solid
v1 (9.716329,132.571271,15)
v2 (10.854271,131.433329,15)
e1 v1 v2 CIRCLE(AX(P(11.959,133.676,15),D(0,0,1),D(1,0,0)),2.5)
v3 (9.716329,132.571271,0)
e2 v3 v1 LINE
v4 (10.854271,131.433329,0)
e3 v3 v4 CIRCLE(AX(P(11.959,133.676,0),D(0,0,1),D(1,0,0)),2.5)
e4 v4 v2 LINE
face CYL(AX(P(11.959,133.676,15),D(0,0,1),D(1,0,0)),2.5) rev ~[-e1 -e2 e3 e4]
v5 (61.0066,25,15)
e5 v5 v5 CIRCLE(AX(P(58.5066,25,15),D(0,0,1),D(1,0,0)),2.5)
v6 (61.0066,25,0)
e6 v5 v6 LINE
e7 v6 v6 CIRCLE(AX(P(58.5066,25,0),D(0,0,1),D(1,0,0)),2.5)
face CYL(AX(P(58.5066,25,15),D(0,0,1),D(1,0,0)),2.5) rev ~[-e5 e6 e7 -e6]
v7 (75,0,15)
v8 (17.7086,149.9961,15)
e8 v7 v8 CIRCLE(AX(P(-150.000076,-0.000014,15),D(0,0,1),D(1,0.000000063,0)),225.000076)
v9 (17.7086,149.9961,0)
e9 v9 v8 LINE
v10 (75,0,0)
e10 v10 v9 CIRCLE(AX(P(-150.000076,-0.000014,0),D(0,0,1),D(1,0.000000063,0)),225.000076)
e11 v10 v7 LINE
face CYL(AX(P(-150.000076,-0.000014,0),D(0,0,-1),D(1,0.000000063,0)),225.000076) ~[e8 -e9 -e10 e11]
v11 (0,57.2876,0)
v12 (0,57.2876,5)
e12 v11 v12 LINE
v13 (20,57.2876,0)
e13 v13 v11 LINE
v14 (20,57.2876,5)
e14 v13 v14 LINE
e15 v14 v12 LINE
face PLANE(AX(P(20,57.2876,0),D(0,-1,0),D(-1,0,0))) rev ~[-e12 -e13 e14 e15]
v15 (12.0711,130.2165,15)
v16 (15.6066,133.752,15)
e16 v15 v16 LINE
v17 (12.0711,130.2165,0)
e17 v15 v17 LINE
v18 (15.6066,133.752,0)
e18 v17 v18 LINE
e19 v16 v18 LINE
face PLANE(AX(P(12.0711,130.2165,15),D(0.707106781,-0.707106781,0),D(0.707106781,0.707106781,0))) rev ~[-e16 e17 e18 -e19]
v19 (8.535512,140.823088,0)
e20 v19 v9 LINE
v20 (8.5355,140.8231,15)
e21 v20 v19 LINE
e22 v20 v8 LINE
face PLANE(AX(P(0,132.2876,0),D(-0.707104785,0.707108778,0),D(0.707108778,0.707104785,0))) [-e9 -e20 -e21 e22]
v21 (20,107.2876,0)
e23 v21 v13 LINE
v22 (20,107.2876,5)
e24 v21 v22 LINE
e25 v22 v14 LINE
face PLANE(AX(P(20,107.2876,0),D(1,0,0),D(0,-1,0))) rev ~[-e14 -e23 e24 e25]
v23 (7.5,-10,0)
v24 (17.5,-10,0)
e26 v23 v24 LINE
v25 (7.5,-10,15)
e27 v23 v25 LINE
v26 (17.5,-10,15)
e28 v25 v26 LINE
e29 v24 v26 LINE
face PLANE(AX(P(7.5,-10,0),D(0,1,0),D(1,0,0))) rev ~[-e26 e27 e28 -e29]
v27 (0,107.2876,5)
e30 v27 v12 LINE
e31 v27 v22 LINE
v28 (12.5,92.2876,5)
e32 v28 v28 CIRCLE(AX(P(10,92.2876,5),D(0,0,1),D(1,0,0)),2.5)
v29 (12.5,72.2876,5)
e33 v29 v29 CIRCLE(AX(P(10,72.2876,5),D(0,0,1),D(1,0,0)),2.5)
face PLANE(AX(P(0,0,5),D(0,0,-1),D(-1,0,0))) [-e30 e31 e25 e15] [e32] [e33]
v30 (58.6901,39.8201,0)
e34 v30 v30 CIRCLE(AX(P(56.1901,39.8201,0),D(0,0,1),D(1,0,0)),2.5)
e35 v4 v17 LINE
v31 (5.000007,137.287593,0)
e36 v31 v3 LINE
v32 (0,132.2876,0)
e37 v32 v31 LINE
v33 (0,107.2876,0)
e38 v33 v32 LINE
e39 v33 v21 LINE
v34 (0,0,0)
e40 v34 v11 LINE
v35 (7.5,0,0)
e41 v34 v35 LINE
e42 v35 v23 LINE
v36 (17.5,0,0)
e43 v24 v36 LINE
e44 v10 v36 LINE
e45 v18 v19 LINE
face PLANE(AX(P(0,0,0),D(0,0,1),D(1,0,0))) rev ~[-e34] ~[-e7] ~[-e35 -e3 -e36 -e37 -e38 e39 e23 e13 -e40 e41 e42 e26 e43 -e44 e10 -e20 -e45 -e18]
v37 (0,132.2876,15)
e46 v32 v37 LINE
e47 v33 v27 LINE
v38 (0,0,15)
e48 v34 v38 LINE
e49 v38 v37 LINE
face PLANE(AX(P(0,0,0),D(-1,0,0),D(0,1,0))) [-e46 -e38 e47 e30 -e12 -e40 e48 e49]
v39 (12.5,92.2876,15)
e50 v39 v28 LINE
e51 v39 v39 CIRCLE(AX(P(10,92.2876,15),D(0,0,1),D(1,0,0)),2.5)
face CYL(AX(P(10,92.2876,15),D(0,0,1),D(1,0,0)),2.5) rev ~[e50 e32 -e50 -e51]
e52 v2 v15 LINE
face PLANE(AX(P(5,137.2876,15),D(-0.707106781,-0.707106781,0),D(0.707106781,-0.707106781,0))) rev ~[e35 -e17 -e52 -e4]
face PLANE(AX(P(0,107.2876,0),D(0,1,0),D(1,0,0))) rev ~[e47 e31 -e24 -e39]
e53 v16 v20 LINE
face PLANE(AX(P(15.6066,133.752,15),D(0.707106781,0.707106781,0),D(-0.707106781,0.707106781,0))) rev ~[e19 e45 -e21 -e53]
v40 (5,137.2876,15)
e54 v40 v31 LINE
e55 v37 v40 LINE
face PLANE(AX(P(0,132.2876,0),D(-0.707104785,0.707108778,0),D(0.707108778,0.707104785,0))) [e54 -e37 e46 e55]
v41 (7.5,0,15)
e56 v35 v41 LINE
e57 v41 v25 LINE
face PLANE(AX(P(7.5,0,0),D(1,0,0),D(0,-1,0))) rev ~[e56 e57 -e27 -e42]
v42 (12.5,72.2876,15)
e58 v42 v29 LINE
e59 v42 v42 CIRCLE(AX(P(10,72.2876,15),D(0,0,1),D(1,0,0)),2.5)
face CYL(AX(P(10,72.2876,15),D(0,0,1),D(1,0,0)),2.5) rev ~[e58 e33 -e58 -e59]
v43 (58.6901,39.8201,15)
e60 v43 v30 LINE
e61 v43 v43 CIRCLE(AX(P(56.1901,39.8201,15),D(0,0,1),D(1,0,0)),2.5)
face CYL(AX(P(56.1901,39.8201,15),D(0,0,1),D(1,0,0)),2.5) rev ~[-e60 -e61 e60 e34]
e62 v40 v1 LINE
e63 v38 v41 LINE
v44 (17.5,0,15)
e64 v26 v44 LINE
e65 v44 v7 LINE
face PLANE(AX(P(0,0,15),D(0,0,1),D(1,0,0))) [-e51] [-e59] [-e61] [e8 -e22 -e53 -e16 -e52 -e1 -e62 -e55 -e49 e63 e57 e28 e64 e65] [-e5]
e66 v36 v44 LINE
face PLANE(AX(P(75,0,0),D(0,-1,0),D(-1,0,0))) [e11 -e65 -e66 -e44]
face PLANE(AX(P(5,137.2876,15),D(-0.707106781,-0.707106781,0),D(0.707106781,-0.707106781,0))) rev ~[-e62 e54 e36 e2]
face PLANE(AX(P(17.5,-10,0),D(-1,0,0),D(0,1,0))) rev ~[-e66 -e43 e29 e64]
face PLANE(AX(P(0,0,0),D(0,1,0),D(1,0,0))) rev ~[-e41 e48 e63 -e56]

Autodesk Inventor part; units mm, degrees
ref_plane "YZ Plane" through (0, 0, 0) normal (1, 0, 0) x (0, 1, 0)
ref_plane "XZ Plane" through (0, 0, 0) normal (0, 1, 0) x (-1, 0, 0)
ref_plane "XY Plane" through (0, 0, 0) normal (0, 0, 1) x (1, 0, 0)
sketch "Sketch1" plane through (0, 0, 0) normal (0, 0, 1) x (1, 0, 0)
  circle A0 centre (-150, 0) radius 225 construction
  line L0 (0, 0) -> (0, 132.2876)
  line L1 (0, 132.2876) -> (17.7086, 149.9961)
  line L2 (0, 132.2876) -> (25.0437, 132.2876) construction
  arc A1 (75, 0) -> (17.7086, 149.9961) centre (-150, 0) ccw
  line L3 (75, 0) -> (25, 0)
  line L4 (25, 0) -> (17.5, 0)
  line L5 (0, 0) -> (7.5, 0)
  line L6 (7.5, 0) -> (7.5, -10)
  line L7 (7.5, -10) -> (17.5, -10)
  line L8 (17.5, -10) -> (17.5, 0)
  circle A2 centre (-150, 0) radius 200 construction
  dimension "d0" = 75
  dimension "d1" = 450
  dimension "d3" = 45
  dimension "d37" = 50
  dimension "d38" = 7.5
  dimension "d39" = 7.5
  dimension "d40" = 10
  dimension "d41" = 25
extrude "Extrusion1" add sketch "Sketch1" along normal blind 15
sketch "Sketch2" plane through (0, 0, 15) normal (0, 0, 1) x (1, 0, 0)
  circle A0 centre (58.5066, 25) radius 2.5
  circle A1 centre (56.1901, 39.8201) radius 2.5
  line L0 (0, 132.2876) -> (0, 0) projected
  line L1 (0, 0) -> (7.5, 0) projected
  line L2 (7.5, 0) -> (7.5, -10) projected
  line L3 (7.5, -10) -> (17.5, -10) projected
  line L4 (17.5, -10) -> (17.5, 0) projected
  line L5 (17.5, 0) -> (75, 0) projected
  arc A2 (75, 0) -> (17.7086, 149.9961) centre (-150, 0) ccw projected
  line L6 (17.7086, 149.9961) -> (0, 132.2876) projected
  arc A3 (59.4636, 15) -> (16.6742, 127.7486) centre (-150, 0) ccw construction
  line L7 (59.4636, 15) -> (17.5, 15) construction
  line L8 (17.5, 15) -> (15, 15) construction
  line L9 (15, 15) -> (15, 126.0744) construction
  line L10 (15, 126.0744) -> (16.6742, 127.7486) construction
  circle A4 centre (11.959, 133.676) radius 2.5
  circle A5 centre (-150, 0) radius 225 construction
  circle A6 centre (-150, 0) radius 210 construction
  dimension "d6" = 5
  dimension "d7" = 5
  dimension "d8" = 15
  dimension "d10" = 25
  dimension "d42" = 15
  dimension "d43" = 5
  dimension "d45" = 450
  dimension "d46" = 15
  dimension "d49" = 7.4745
extrude "Extrusion2" cut sketch "Sketch2" against normal through all contours A0 | A1 | A4
sketch "Sketch5" plane through (0, 0, 15) normal (0, 0, 1) x (1, 0, 0)
  line L0 (5, 137.2876) -> (12.0711, 130.2165)
  line L1 (5, 137.2876) -> (15, 137.2876) construction
  line L2 (12.0711, 130.2165) -> (15.6066, 133.752)
  line L3 (15.6066, 133.752) -> (8.5355, 140.8231)
  line L4 (8.5355, 140.8231) -> (5, 137.2876)
  line L5 (17.7086, 149.9961) -> (0, 132.2876) projected
  point P0 (0, 0)
  dimension "d29" = 10
  dimension "d30" = 45
  dimension "d31" = 5
  dimension "d32" = 10
  dimension "d33" = 90
  dimension "d34" = 5
extrude "Extrusion3" cut sketch "Sketch5" against normal through all
thread "Thread1" size "M5x0.8" class "6H" standard "ANSI Metric M Profile" full length
thread "Thread2" size "M5x0.8" class "6H" standard "ANSI Metric M Profile" full length
thread "Thread3" size "M5x0.8" class "6H" standard "ANSI Metric M Profile" full length
sketch "Sketch6" plane through (0, 0, 15) normal (0, 0, 1) x (1, 0, 0)
  line L0 (0, 107.2876) -> (20, 107.2876) construction
  line L1 (20, 107.2876) -> (20, 57.2876) construction
  line L2 (20, 57.2876) -> (0, 57.2876) construction
  line L3 (0, 57.2876) -> (0, 107.2876) construction
  line L4 (8.5355, 140.8231) -> (15.6066, 133.752) construction
  line L5 (15.6066, 133.752) -> (12.0711, 130.2165) construction
  line L6 (9.7164, 132.5711) -> (5, 137.2876) construction
  line L7 (5, 137.2876) -> (0, 132.2876) construction
  line L8 (0, 132.2876) -> (0, 0) construction
  line L9 (0, 0) -> (7.5, 0) construction
  line L10 (7.5, 0) -> (7.5, -10) construction
  line L11 (7.5, -10) -> (17.5, -10) construction
  line L12 (17.5, -10) -> (17.5, 0) construction
  line L13 (17.5, 0) -> (75, 0) construction
  arc A0 (75, 0) -> (17.7086, 149.9961) centre (-150, 0) ccw construction
  line L14 (17.7086, 149.9961) -> (8.5355, 140.8231) construction
  arc A1 (9.7164, 132.5711) -> (10.8542, 131.4334) centre (11.959, 133.676) ccw construction
  circle A2 centre (58.5066, 25) radius 2.5 construction
  circle A3 centre (56.1901, 39.8201) radius 2.5 construction
  circle A4 centre (10, 92.2876) radius 2.5
  circle A5 centre (10, 72.2876) radius 2.5
  line L15 (0, 132.2876) -> (0, 0) projected
  line L16 (12.0711, 130.2165) -> (10.8542, 131.4334) projected
  dimension "d50" = 20
  dimension "d51" = 50
  dimension "d52" = 25
  dimension "d53" = 5
  dimension "d54" = 5
  dimension "d55" = 20
  dimension "d56" = 15
  dimension "d57" = 10
extrude "Extrusion4" cut sketch "Sketch6" against normal through all
thread "Thread4" size "M5x0.8" class "6H" standard "ANSI Metric M Profile" full length
thread "Thread5" size "M5x0.8" class "6H" standard "ANSI Metric M Profile" full length
sketch "Sketch8" plane through (0, 0, 0) normal (0, 0, -1) x (-1, 0, 0)
  line L0 (0, 132.2876) -> (0, 0) projected
  line L1 (0, 107.2876) -> (-20, 107.2876)
  line L2 (-20, 107.2876) -> (-20, 57.2876)
  line L3 (-20, 57.2876) -> (0, 57.2876)
  line L4 (0, 57.2876) -> (0, 107.2876)
  dimension "d69" = 20
  dimension "d70" = 50
  dimension "d71" = 25
extrude "Extrusion6" cut sketch "Sketch8" against normal blind 5
properties part number "CP001" material "ABS Plastic"
